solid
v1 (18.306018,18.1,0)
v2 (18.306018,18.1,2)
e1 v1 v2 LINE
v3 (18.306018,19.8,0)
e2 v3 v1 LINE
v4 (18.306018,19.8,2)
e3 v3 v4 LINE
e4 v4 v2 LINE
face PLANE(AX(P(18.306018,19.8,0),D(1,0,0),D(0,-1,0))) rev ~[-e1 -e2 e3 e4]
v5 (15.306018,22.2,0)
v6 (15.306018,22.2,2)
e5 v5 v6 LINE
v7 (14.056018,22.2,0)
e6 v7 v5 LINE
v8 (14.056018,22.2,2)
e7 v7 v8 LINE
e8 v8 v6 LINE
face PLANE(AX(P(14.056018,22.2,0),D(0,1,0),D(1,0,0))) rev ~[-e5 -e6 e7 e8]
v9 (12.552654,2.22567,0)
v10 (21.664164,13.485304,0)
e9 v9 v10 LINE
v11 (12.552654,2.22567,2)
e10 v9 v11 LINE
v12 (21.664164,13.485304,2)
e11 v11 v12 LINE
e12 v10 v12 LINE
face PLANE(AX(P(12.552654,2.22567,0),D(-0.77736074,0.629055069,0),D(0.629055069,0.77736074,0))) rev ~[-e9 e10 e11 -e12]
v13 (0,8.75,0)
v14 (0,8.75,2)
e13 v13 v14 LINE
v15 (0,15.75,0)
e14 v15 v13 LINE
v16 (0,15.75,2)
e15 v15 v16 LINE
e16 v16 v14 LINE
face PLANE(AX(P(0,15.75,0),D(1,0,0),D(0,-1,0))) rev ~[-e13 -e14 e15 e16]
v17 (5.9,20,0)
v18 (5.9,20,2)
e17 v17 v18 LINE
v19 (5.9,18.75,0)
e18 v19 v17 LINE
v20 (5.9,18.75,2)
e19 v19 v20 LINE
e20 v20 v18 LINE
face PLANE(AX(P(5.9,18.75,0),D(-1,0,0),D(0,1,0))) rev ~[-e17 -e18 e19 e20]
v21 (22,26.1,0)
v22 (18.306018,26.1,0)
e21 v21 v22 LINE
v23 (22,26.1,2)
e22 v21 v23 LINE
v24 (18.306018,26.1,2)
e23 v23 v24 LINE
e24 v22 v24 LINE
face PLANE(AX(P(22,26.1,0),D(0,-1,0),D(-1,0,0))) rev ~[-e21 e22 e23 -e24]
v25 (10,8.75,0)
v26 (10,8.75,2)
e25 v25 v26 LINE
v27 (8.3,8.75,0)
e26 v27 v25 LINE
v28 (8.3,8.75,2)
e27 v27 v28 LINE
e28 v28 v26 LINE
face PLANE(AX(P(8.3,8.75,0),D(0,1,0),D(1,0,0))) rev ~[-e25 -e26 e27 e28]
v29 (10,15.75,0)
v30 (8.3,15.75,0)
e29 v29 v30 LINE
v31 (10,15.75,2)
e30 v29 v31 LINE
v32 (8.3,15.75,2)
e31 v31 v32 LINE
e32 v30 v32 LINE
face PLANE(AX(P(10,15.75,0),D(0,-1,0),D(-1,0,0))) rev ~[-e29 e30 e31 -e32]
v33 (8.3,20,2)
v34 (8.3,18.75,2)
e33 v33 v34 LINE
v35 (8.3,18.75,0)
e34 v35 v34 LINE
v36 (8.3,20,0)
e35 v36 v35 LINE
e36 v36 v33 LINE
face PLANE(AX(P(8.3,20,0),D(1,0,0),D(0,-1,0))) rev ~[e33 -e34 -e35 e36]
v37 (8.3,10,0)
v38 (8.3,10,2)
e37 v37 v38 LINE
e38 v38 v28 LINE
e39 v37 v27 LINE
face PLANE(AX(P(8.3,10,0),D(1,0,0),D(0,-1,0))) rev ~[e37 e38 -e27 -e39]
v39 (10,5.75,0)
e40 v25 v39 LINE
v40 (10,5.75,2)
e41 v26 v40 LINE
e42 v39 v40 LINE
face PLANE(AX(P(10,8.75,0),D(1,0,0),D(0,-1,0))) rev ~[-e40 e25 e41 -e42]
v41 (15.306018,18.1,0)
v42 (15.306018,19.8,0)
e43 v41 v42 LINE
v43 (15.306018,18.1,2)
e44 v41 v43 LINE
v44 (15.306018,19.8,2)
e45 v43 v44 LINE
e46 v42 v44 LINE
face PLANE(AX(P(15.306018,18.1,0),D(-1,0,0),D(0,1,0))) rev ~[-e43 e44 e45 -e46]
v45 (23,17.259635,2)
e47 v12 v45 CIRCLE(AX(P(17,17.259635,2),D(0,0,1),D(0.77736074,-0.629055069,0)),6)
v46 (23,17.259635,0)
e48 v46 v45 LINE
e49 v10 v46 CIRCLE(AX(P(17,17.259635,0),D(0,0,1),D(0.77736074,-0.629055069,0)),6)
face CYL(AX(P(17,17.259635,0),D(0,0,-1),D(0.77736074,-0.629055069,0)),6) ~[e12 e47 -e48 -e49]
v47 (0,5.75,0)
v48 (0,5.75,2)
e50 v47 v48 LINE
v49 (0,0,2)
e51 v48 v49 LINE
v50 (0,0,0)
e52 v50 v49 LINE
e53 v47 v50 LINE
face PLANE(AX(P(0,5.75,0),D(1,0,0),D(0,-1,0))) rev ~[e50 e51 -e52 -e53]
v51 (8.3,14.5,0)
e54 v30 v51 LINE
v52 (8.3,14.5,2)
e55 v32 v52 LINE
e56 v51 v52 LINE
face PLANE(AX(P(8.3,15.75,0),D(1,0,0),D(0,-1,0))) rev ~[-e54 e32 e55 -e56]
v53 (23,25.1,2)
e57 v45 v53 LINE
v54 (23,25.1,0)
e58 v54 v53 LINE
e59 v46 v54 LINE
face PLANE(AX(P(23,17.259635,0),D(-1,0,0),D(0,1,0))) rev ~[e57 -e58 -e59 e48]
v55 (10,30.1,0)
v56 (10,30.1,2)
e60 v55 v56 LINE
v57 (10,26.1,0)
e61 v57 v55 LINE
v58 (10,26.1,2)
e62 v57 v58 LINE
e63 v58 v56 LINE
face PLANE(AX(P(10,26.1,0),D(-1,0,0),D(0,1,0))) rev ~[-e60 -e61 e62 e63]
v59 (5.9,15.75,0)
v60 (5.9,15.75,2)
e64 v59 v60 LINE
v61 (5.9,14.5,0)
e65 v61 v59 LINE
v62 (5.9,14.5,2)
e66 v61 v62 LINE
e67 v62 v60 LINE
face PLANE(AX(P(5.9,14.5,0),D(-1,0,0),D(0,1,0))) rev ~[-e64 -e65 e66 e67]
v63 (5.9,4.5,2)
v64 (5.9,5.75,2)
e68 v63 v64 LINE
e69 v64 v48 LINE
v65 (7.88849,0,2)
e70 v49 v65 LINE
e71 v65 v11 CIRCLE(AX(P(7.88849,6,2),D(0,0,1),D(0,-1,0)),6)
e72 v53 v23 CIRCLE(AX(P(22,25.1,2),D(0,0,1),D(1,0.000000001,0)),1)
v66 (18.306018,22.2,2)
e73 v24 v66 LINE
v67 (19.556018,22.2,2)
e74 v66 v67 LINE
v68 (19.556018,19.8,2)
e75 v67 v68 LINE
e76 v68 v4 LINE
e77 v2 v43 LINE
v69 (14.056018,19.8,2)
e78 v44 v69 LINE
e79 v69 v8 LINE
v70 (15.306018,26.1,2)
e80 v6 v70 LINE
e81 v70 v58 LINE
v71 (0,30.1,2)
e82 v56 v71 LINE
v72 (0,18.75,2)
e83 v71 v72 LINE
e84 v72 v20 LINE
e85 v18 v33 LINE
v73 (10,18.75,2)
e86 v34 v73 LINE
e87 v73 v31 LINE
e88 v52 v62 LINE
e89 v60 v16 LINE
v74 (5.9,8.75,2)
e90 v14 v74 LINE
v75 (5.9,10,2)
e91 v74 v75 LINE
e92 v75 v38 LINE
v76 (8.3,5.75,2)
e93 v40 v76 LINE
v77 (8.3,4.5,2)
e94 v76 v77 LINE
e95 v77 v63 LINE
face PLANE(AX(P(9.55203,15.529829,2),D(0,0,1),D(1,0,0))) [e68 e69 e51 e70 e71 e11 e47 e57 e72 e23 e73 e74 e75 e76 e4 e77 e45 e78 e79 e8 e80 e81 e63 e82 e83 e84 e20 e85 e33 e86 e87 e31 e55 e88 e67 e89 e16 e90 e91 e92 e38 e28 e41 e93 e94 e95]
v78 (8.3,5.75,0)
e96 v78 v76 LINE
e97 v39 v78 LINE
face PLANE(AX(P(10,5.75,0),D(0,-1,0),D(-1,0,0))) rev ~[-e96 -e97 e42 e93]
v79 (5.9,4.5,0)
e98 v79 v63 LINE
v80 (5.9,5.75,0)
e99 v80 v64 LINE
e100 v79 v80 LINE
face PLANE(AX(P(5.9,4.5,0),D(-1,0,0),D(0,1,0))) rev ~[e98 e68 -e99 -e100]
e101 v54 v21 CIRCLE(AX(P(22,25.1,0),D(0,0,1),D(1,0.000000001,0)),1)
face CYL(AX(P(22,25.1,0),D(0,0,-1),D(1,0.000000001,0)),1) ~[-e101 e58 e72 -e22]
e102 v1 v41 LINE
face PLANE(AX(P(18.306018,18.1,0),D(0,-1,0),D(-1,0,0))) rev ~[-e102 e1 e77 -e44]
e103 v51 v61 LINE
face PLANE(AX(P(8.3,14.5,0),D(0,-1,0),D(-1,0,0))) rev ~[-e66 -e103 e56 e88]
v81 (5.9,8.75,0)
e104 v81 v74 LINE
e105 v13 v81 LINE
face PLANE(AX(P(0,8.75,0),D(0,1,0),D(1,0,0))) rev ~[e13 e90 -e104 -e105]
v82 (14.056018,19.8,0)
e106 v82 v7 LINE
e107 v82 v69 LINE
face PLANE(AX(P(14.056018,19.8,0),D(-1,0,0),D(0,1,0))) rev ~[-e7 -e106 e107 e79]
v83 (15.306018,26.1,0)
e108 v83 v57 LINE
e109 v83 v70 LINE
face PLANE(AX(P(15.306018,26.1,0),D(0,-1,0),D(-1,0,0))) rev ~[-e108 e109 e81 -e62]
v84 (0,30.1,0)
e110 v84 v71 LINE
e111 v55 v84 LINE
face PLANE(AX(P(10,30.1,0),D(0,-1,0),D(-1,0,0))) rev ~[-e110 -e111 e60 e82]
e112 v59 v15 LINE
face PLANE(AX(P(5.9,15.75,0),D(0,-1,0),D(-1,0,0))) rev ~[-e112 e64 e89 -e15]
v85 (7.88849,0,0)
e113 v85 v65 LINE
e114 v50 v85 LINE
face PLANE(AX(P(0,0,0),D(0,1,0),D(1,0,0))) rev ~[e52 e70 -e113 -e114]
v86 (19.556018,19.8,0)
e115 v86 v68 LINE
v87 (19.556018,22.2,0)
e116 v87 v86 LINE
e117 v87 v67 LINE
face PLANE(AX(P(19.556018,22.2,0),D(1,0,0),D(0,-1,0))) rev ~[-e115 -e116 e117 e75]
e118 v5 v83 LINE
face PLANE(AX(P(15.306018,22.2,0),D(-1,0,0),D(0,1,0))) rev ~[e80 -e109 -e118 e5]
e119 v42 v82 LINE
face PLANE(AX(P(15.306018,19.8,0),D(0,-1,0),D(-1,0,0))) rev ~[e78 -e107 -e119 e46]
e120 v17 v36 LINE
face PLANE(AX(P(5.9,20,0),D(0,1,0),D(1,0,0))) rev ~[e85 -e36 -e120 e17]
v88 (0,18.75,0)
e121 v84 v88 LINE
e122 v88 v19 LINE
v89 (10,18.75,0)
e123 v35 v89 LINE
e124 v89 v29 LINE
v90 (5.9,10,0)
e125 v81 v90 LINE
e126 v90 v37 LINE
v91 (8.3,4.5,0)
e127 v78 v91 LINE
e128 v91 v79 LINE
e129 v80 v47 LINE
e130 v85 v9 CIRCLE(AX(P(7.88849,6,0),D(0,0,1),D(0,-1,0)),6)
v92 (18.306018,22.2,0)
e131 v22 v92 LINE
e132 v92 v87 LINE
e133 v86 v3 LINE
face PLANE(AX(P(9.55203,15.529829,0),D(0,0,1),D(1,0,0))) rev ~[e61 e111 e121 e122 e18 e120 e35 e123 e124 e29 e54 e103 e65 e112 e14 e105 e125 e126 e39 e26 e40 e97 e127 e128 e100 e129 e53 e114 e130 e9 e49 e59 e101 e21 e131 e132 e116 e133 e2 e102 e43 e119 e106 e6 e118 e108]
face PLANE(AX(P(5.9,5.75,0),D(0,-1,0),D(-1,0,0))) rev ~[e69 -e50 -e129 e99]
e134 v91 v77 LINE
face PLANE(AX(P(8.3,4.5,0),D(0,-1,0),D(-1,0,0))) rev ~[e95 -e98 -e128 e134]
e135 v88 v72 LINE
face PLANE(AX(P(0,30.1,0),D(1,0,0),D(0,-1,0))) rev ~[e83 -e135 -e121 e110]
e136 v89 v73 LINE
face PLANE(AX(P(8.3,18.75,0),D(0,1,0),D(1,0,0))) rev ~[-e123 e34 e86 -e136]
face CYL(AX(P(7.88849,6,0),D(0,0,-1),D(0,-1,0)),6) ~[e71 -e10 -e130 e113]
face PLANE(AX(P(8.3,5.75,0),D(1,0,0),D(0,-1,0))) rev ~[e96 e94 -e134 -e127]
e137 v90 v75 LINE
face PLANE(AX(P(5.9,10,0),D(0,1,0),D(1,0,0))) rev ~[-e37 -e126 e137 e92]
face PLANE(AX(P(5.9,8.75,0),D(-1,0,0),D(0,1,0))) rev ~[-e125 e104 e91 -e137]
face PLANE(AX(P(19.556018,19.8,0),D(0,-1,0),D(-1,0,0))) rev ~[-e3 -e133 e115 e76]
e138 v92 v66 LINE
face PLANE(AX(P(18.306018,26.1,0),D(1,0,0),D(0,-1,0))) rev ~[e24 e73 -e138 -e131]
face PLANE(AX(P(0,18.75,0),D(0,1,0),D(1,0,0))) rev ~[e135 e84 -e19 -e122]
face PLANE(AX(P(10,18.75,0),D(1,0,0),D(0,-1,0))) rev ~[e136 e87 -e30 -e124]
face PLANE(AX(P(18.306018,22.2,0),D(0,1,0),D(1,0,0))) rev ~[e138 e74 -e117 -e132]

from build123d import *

# Parameters (mm, degrees)
BOSS_EXTRUDE1_DEPTH = 2


with BuildPart() as part:
    # Model → Boss-Extrude1 (new body)
    with BuildSketch(Plane.XY):
        with BuildLine():
            Line((10, 5.75), (8.3, 5.75))
            Line((8.3, 5.75), (8.3, 4.5))
            Line((8.3, 4.5), (5.9, 4.5))
            Line((5.9, 4.5), (5.9, 5.75))
            Line((5.9, 5.75), (0, 5.75))
            Line((0, 5.75), (0, 0))
            Line((0, 0), (7.88848997, 0))
            ThreePointArc((7.88848997, 0), (10.472480827, 0.584929248), (12.552654408, 2.225669584))
            Line((12.552654408, 2.225669584), (21.664164438, 13.485304109))
            ThreePointArc((21.664164438, 13.485304109), (22.656190707, 15.257758734), (23, 17.259634525))
            Line((23, 17.259634525), (23, 25.1))
            ThreePointArc((23, 25.1), (22.707106781, 25.807106781), (22, 26.1))
            Line((22, 26.1), (18.306018336, 26.1))
            Line((18.306018336, 26.1), (18.306018336, 22.2))
            Line((18.306018336, 22.2), (19.556018336, 22.2))
            Line((19.556018336, 22.2), (19.556018336, 19.8))
            Line((19.556018336, 19.8), (18.306018336, 19.8))
            Line((18.306018336, 19.8), (18.306018336, 18.1))
            Line((18.306018336, 18.1), (15.306018336, 18.1))
            Line((15.306018336, 18.1), (15.306018336, 19.8))
            Line((15.306018336, 19.8), (14.056018336, 19.8))
            Line((14.056018336, 19.8), (14.056018336, 22.2))
            Line((14.056018336, 22.2), (15.306018336, 22.2))
            Line((15.306018336, 22.2), (15.306018336, 26.1))
            Line((15.306018336, 26.1), (10, 26.1))
            Line((10, 26.1), (10, 30.1))
            Line((10, 30.1), (0, 30.1))
            Line((0, 30.1), (0, 18.75))
            Line((0, 18.75), (5.9, 18.75))
            Line((5.9, 18.75), (5.9, 20))
            Line((5.9, 20), (8.3, 20))
            Line((8.3, 20), (8.3, 18.75))
            Line((8.3, 18.75), (10, 18.75))
            Line((10, 18.75), (10, 15.75))
            Line((10, 15.75), (8.3, 15.75))
            Line((8.3, 15.75), (8.3, 14.5))
            Line((8.3, 14.5), (5.9, 14.5))
            Line((5.9, 14.5), (5.9, 15.75))
            Line((5.9, 15.75), (0, 15.75))
            Line((0, 15.75), (0, 8.75))
            Line((0, 8.75), (5.9, 8.75))
            Line((5.9, 8.75), (5.9, 10))
            Line((5.9, 10), (8.3, 10))
            Line((8.3, 10), (8.3, 8.75))
            Line((8.3, 8.75), (10, 8.75))
            Line((10, 8.75), (10, 5.75))
        make_face()
    extrude(amount=BOSS_EXTRUDE1_DEPTH)


solid = part.part
